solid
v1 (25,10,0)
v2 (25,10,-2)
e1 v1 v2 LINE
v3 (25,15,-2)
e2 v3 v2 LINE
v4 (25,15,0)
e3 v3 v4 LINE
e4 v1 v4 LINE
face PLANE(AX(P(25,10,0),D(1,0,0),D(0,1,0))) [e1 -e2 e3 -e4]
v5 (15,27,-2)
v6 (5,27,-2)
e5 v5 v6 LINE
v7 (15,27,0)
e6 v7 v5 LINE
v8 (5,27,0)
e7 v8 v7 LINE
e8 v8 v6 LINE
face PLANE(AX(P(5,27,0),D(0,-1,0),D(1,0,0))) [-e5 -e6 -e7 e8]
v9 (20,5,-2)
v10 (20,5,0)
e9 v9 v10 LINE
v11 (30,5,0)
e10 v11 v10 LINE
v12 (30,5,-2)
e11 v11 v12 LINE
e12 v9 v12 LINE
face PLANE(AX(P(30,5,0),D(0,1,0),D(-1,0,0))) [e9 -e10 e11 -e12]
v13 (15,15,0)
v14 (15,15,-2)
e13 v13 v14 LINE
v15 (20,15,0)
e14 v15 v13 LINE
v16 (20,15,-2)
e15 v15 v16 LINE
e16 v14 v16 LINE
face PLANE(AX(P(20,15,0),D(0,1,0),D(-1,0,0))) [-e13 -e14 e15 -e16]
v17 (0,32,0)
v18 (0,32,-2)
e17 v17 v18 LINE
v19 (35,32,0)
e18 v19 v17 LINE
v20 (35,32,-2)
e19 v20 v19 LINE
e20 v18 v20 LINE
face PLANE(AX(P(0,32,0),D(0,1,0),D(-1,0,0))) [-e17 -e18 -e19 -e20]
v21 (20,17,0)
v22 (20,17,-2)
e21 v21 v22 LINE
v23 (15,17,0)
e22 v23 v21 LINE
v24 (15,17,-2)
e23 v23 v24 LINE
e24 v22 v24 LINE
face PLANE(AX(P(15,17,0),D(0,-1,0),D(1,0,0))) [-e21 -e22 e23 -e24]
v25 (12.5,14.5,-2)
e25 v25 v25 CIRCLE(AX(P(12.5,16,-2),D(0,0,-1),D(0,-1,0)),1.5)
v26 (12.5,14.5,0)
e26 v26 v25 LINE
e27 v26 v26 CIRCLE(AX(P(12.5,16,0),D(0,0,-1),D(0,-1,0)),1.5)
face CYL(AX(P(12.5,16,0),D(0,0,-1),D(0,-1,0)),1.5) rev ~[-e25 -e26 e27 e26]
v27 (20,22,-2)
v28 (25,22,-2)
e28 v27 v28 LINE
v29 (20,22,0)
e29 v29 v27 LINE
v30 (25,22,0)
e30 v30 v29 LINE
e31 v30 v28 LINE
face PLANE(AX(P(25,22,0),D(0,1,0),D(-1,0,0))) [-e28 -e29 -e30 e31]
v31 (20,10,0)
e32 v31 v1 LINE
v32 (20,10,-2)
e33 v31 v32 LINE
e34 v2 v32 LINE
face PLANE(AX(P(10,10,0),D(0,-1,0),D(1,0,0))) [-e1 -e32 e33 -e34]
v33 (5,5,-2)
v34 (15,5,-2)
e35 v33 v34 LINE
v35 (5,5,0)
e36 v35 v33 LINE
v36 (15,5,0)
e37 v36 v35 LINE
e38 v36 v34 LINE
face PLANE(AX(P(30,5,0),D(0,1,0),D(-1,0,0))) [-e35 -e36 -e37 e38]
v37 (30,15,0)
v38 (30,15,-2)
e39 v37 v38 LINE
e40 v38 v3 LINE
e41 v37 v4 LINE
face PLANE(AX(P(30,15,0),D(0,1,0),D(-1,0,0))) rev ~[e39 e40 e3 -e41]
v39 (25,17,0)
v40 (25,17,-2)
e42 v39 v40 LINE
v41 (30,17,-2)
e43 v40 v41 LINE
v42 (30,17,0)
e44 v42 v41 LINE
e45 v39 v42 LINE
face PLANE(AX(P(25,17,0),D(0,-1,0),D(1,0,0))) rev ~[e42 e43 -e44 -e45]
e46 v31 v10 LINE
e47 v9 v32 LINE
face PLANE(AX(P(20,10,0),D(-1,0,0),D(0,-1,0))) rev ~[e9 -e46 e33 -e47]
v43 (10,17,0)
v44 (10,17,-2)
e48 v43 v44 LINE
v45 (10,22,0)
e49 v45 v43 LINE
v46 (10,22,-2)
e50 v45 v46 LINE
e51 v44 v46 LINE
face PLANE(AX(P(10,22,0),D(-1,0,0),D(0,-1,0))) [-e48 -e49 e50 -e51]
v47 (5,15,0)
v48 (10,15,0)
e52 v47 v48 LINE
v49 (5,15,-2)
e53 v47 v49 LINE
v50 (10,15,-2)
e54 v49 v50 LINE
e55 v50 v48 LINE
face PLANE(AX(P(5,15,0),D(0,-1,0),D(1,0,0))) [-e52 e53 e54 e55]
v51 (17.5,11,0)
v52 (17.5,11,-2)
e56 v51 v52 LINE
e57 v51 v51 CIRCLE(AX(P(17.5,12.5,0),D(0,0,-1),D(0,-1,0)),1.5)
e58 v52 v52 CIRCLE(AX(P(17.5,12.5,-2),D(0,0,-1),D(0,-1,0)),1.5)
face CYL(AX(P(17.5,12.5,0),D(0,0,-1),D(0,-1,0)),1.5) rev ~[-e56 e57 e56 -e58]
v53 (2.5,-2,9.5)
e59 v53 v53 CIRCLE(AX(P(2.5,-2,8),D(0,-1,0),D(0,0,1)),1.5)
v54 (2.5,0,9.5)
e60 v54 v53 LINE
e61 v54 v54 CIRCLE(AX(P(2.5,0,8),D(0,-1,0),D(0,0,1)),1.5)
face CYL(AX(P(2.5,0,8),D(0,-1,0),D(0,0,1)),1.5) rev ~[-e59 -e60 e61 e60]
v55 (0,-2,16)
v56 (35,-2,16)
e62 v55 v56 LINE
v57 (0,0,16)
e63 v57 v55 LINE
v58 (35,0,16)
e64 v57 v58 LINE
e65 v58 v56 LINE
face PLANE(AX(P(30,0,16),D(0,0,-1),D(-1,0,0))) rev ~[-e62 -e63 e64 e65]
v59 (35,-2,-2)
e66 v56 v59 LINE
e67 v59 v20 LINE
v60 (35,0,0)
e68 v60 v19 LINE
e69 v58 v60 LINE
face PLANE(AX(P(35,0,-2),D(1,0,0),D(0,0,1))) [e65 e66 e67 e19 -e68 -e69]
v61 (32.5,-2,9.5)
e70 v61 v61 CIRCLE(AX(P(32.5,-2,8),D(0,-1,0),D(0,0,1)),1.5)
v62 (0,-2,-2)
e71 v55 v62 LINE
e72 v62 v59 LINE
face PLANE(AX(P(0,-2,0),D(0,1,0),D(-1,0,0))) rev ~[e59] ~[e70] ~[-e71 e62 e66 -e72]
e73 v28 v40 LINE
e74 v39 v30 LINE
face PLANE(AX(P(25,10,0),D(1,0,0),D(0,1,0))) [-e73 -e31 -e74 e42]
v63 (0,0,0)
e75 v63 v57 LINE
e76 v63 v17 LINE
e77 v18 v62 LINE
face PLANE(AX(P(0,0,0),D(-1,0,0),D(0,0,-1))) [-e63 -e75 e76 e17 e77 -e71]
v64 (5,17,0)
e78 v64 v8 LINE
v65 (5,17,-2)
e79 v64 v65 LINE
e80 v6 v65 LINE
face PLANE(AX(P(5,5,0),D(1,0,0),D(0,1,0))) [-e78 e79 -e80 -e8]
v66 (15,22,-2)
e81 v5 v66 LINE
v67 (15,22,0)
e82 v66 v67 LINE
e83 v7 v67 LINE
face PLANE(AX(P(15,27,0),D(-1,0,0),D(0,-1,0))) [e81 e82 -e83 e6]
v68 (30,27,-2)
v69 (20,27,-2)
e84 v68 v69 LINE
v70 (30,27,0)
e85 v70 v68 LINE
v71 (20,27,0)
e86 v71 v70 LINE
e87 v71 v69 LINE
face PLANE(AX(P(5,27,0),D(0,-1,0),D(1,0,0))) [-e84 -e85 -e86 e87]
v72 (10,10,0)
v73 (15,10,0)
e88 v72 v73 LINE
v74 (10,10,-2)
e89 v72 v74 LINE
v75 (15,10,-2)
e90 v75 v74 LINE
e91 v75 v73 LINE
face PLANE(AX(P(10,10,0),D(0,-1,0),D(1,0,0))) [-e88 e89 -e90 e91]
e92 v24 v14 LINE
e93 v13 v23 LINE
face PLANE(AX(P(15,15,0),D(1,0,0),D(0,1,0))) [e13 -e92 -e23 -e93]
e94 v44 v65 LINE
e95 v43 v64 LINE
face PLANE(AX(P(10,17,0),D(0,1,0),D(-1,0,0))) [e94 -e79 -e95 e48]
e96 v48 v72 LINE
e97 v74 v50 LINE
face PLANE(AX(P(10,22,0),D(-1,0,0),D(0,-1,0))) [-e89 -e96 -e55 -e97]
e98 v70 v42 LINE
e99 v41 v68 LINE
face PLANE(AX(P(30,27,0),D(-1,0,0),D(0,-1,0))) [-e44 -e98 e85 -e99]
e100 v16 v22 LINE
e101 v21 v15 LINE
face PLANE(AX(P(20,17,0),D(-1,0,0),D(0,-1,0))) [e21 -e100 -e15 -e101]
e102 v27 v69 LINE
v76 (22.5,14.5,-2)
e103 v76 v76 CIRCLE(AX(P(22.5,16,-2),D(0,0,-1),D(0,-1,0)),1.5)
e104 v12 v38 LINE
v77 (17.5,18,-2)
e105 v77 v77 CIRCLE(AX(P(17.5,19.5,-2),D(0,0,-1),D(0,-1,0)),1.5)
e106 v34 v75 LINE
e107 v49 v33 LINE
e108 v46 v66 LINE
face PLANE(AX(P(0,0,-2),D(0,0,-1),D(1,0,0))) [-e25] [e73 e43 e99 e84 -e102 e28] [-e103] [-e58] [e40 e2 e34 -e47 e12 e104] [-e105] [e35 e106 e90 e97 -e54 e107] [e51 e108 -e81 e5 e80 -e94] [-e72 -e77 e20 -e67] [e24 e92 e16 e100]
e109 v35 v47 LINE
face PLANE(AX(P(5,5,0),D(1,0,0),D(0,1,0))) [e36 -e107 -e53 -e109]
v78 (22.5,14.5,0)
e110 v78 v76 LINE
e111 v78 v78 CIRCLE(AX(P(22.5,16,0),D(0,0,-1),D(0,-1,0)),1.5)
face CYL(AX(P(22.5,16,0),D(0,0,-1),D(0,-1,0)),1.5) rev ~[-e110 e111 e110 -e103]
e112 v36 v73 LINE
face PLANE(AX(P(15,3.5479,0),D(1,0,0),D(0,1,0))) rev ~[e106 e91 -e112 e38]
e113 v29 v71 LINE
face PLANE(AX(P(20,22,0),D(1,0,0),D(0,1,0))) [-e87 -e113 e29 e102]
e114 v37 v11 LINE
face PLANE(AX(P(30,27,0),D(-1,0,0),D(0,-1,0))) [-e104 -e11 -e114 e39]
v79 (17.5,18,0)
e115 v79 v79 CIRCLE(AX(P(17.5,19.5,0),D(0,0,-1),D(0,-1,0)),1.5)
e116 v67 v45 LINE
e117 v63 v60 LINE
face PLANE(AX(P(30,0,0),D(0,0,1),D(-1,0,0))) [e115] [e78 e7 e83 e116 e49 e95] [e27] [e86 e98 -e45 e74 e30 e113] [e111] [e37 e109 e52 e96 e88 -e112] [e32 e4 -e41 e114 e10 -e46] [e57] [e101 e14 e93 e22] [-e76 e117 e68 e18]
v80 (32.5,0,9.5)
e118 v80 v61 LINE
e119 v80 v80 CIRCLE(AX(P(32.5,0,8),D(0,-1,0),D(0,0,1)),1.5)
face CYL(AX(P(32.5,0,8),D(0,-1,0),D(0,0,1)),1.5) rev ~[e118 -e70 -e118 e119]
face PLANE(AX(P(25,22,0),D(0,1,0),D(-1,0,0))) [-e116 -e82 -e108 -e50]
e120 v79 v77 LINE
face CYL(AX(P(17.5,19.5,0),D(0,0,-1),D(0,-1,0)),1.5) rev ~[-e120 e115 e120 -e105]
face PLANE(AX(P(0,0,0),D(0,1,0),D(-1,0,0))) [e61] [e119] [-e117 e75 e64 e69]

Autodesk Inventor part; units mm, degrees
ref_plane "YZ Plane" through (0, 0, 0) normal (1, 0, 0) x (0, 1, 0)
ref_plane "XZ Plane" through (0, 0, 0) normal (0, 1, 0) x (-1, 0, 0)
ref_plane "XY Plane" through (0, 0, 0) normal (0, 0, 1) x (1, 0, 0)
sketch "Sketch1" plane through (0, 0, 0) normal (0, 1, 0) x (-1, 0, 0)
  line L0 (-30, 12) -> (-34, 12)
  line L1 (-34, 12) -> (-34, 14)
  line L2 (-34, 14) -> (-30, 14)
  line L3 (-30, 14) -> (-30, 16)
  line L4 (-30, 16) -> (-35, 16)
  line L5 (-35, 16) -> (-35, 0)
  line L6 (-35, 0) -> (-30, 0)
  line L7 (-30, 0) -> (-30, 12)
  line L8 (-1, 12) -> (-5, 12)
  line L9 (-5, 12) -> (-5, 0)
  line L10 (-5, 0) -> (0, 0)
  line L11 (0, 0) -> (0, 16)
  line L12 (0, 16) -> (-5, 16)
  line L13 (-5, 16) -> (-5, 14)
  line L14 (-5, 14) -> (-1, 14)
  line L15 (-1, 14) -> (-1, 12)
  line L16 (-35, 0) -> (0, 0)
  line L17 (0, 0) -> (0, -2)
  line L18 (0, -2) -> (-35, -2)
  line L19 (-35, -2) -> (-35, 0)
  line L20 (-35, 16) -> (0, 16)
  line L21 (0, 16) -> (0, -2)
  line L22 (0, -2) -> (-35, -2)
  line L23 (-35, -2) -> (-35, 16)
  line L24 (-35, 16) -> (-30, 0)
  line L25 (-5, 0) -> (0, 16)
  point P0 (-32.5, 8)
  point P1 (-2.5, 8)
  dimension "d0" = 2
extrude "Extrusion1" add sketch "Sketch1" along normal blind 32 contours L16 L10 L17 L18 L19 L6
extrude "Extrusion2" add sketch "Sketch1" against normal blind 2
hole "Hole1" at (32.5, 0, 8) at (2.5, 0, 8) direction (0, -1, 0) diameter 3 depth 8 tip angle 118
sketch "Sketch2" plane through (0, 32, 0) normal (0, 0, 1) x (1, 0, 0)
  line L0 (0, -32) -> (35, -32) projected
  line L1 (35, -32) -> (35, 0) projected
  line L2 (0, 0) -> (35, 0) projected
  line L3 (0, -32) -> (0, 0) projected
  line L4 (30, -5) -> (30, -27)
  line L5 (30, -27) -> (5, -27)
  line L6 (5, -27) -> (5, -5)
  line L7 (5, -5) -> (30, -5)
  line L8 (25, -22) -> (25, -10)
  line L9 (25, -10) -> (10, -10)
  line L10 (10, -10) -> (10, -22)
  line L11 (10, -22) -> (25, -22)
  line L12 (20, -15) -> (20, -17)
  line L13 (20, -17) -> (15, -17)
  line L14 (15, -17) -> (15, -15)
  line L15 (15, -15) -> (20, -15)
  point P0 (17.5, -5)
  point P1 (17.5, -10)
  point P2 (17.5, -27)
  point P3 (17.5, -22)
  point P4 (17.5, -15)
  point P5 (17.5, -17)
  dimension "d12" = 5
  dimension "d13" = 5
  dimension "d14" = 5
extrude "Extrusion3" cut sketch "Sketch2" against normal blind 10 contours L4 L5 L6 L7 | L12 L13 L14 L15
sketch "Sketch3" plane through (0, 32, 0) normal (0, 0, 1) x (1, 0, 0)
  line L0 (15, -17) -> (15, -15) projected
  line L1 (20, -15) -> (20, -17) projected
  line L2 (20, -17) -> (15, -17) projected
  line L3 (15, -15) -> (20, -15) projected
  line L4 (15, -17) -> (20, -17)
  line L5 (20, -17) -> (20, -28.4521)
  line L6 (20, -28.4521) -> (15, -28.4521)
  line L7 (15, -28.4521) -> (15, -17)
  line L8 (15, -15) -> (5, -15)
  line L9 (5, -15) -> (5, -17)
  line L10 (5, -17) -> (15, -17)
  line L11 (15, -17) -> (15, -15)
  line L12 (15, -15) -> (20, -15)
  line L13 (20, -15) -> (20, -5)
  line L14 (20, -5) -> (15, -5)
  line L15 (15, -5) -> (15, -15)
  line L16 (20, -15) -> (30, -15)
  line L17 (30, -15) -> (30, -17)
  line L18 (30, -17) -> (20, -17)
  line L19 (20, -17) -> (20, -15)
  line L20 (20, -10) -> (15, -15)
  line L21 (10, -15) -> (15, -17)
  line L22 (15, -17) -> (20, -22)
  line L23 (25, -15) -> (20, -17)
  point P0 (0, -32)
  point P1 (22.5, -16)
  point P2 (17.5, -12.5)
  point P3 (12.5, -16)
  point P4 (17.5, -19.5)
extrude "Extrusion4" add sketch "Sketch3" against normal up to surface (2 mm away) contours L22 L5 L6 L7 | L10 L9 L8 L21 | L2 L5 L22 | L15 L14 L13 L20 | L23 L16 L17 L18
hole "Hole2" at (22.5, 16, 0) at (17.5, 19.5, 0) at (12.5, 16, 0) at (17.5, 12.5, 0) direction (0, 0, -1) diameter 3 depth 8 tip angle 118
properties part number "slide_sensor_base"
